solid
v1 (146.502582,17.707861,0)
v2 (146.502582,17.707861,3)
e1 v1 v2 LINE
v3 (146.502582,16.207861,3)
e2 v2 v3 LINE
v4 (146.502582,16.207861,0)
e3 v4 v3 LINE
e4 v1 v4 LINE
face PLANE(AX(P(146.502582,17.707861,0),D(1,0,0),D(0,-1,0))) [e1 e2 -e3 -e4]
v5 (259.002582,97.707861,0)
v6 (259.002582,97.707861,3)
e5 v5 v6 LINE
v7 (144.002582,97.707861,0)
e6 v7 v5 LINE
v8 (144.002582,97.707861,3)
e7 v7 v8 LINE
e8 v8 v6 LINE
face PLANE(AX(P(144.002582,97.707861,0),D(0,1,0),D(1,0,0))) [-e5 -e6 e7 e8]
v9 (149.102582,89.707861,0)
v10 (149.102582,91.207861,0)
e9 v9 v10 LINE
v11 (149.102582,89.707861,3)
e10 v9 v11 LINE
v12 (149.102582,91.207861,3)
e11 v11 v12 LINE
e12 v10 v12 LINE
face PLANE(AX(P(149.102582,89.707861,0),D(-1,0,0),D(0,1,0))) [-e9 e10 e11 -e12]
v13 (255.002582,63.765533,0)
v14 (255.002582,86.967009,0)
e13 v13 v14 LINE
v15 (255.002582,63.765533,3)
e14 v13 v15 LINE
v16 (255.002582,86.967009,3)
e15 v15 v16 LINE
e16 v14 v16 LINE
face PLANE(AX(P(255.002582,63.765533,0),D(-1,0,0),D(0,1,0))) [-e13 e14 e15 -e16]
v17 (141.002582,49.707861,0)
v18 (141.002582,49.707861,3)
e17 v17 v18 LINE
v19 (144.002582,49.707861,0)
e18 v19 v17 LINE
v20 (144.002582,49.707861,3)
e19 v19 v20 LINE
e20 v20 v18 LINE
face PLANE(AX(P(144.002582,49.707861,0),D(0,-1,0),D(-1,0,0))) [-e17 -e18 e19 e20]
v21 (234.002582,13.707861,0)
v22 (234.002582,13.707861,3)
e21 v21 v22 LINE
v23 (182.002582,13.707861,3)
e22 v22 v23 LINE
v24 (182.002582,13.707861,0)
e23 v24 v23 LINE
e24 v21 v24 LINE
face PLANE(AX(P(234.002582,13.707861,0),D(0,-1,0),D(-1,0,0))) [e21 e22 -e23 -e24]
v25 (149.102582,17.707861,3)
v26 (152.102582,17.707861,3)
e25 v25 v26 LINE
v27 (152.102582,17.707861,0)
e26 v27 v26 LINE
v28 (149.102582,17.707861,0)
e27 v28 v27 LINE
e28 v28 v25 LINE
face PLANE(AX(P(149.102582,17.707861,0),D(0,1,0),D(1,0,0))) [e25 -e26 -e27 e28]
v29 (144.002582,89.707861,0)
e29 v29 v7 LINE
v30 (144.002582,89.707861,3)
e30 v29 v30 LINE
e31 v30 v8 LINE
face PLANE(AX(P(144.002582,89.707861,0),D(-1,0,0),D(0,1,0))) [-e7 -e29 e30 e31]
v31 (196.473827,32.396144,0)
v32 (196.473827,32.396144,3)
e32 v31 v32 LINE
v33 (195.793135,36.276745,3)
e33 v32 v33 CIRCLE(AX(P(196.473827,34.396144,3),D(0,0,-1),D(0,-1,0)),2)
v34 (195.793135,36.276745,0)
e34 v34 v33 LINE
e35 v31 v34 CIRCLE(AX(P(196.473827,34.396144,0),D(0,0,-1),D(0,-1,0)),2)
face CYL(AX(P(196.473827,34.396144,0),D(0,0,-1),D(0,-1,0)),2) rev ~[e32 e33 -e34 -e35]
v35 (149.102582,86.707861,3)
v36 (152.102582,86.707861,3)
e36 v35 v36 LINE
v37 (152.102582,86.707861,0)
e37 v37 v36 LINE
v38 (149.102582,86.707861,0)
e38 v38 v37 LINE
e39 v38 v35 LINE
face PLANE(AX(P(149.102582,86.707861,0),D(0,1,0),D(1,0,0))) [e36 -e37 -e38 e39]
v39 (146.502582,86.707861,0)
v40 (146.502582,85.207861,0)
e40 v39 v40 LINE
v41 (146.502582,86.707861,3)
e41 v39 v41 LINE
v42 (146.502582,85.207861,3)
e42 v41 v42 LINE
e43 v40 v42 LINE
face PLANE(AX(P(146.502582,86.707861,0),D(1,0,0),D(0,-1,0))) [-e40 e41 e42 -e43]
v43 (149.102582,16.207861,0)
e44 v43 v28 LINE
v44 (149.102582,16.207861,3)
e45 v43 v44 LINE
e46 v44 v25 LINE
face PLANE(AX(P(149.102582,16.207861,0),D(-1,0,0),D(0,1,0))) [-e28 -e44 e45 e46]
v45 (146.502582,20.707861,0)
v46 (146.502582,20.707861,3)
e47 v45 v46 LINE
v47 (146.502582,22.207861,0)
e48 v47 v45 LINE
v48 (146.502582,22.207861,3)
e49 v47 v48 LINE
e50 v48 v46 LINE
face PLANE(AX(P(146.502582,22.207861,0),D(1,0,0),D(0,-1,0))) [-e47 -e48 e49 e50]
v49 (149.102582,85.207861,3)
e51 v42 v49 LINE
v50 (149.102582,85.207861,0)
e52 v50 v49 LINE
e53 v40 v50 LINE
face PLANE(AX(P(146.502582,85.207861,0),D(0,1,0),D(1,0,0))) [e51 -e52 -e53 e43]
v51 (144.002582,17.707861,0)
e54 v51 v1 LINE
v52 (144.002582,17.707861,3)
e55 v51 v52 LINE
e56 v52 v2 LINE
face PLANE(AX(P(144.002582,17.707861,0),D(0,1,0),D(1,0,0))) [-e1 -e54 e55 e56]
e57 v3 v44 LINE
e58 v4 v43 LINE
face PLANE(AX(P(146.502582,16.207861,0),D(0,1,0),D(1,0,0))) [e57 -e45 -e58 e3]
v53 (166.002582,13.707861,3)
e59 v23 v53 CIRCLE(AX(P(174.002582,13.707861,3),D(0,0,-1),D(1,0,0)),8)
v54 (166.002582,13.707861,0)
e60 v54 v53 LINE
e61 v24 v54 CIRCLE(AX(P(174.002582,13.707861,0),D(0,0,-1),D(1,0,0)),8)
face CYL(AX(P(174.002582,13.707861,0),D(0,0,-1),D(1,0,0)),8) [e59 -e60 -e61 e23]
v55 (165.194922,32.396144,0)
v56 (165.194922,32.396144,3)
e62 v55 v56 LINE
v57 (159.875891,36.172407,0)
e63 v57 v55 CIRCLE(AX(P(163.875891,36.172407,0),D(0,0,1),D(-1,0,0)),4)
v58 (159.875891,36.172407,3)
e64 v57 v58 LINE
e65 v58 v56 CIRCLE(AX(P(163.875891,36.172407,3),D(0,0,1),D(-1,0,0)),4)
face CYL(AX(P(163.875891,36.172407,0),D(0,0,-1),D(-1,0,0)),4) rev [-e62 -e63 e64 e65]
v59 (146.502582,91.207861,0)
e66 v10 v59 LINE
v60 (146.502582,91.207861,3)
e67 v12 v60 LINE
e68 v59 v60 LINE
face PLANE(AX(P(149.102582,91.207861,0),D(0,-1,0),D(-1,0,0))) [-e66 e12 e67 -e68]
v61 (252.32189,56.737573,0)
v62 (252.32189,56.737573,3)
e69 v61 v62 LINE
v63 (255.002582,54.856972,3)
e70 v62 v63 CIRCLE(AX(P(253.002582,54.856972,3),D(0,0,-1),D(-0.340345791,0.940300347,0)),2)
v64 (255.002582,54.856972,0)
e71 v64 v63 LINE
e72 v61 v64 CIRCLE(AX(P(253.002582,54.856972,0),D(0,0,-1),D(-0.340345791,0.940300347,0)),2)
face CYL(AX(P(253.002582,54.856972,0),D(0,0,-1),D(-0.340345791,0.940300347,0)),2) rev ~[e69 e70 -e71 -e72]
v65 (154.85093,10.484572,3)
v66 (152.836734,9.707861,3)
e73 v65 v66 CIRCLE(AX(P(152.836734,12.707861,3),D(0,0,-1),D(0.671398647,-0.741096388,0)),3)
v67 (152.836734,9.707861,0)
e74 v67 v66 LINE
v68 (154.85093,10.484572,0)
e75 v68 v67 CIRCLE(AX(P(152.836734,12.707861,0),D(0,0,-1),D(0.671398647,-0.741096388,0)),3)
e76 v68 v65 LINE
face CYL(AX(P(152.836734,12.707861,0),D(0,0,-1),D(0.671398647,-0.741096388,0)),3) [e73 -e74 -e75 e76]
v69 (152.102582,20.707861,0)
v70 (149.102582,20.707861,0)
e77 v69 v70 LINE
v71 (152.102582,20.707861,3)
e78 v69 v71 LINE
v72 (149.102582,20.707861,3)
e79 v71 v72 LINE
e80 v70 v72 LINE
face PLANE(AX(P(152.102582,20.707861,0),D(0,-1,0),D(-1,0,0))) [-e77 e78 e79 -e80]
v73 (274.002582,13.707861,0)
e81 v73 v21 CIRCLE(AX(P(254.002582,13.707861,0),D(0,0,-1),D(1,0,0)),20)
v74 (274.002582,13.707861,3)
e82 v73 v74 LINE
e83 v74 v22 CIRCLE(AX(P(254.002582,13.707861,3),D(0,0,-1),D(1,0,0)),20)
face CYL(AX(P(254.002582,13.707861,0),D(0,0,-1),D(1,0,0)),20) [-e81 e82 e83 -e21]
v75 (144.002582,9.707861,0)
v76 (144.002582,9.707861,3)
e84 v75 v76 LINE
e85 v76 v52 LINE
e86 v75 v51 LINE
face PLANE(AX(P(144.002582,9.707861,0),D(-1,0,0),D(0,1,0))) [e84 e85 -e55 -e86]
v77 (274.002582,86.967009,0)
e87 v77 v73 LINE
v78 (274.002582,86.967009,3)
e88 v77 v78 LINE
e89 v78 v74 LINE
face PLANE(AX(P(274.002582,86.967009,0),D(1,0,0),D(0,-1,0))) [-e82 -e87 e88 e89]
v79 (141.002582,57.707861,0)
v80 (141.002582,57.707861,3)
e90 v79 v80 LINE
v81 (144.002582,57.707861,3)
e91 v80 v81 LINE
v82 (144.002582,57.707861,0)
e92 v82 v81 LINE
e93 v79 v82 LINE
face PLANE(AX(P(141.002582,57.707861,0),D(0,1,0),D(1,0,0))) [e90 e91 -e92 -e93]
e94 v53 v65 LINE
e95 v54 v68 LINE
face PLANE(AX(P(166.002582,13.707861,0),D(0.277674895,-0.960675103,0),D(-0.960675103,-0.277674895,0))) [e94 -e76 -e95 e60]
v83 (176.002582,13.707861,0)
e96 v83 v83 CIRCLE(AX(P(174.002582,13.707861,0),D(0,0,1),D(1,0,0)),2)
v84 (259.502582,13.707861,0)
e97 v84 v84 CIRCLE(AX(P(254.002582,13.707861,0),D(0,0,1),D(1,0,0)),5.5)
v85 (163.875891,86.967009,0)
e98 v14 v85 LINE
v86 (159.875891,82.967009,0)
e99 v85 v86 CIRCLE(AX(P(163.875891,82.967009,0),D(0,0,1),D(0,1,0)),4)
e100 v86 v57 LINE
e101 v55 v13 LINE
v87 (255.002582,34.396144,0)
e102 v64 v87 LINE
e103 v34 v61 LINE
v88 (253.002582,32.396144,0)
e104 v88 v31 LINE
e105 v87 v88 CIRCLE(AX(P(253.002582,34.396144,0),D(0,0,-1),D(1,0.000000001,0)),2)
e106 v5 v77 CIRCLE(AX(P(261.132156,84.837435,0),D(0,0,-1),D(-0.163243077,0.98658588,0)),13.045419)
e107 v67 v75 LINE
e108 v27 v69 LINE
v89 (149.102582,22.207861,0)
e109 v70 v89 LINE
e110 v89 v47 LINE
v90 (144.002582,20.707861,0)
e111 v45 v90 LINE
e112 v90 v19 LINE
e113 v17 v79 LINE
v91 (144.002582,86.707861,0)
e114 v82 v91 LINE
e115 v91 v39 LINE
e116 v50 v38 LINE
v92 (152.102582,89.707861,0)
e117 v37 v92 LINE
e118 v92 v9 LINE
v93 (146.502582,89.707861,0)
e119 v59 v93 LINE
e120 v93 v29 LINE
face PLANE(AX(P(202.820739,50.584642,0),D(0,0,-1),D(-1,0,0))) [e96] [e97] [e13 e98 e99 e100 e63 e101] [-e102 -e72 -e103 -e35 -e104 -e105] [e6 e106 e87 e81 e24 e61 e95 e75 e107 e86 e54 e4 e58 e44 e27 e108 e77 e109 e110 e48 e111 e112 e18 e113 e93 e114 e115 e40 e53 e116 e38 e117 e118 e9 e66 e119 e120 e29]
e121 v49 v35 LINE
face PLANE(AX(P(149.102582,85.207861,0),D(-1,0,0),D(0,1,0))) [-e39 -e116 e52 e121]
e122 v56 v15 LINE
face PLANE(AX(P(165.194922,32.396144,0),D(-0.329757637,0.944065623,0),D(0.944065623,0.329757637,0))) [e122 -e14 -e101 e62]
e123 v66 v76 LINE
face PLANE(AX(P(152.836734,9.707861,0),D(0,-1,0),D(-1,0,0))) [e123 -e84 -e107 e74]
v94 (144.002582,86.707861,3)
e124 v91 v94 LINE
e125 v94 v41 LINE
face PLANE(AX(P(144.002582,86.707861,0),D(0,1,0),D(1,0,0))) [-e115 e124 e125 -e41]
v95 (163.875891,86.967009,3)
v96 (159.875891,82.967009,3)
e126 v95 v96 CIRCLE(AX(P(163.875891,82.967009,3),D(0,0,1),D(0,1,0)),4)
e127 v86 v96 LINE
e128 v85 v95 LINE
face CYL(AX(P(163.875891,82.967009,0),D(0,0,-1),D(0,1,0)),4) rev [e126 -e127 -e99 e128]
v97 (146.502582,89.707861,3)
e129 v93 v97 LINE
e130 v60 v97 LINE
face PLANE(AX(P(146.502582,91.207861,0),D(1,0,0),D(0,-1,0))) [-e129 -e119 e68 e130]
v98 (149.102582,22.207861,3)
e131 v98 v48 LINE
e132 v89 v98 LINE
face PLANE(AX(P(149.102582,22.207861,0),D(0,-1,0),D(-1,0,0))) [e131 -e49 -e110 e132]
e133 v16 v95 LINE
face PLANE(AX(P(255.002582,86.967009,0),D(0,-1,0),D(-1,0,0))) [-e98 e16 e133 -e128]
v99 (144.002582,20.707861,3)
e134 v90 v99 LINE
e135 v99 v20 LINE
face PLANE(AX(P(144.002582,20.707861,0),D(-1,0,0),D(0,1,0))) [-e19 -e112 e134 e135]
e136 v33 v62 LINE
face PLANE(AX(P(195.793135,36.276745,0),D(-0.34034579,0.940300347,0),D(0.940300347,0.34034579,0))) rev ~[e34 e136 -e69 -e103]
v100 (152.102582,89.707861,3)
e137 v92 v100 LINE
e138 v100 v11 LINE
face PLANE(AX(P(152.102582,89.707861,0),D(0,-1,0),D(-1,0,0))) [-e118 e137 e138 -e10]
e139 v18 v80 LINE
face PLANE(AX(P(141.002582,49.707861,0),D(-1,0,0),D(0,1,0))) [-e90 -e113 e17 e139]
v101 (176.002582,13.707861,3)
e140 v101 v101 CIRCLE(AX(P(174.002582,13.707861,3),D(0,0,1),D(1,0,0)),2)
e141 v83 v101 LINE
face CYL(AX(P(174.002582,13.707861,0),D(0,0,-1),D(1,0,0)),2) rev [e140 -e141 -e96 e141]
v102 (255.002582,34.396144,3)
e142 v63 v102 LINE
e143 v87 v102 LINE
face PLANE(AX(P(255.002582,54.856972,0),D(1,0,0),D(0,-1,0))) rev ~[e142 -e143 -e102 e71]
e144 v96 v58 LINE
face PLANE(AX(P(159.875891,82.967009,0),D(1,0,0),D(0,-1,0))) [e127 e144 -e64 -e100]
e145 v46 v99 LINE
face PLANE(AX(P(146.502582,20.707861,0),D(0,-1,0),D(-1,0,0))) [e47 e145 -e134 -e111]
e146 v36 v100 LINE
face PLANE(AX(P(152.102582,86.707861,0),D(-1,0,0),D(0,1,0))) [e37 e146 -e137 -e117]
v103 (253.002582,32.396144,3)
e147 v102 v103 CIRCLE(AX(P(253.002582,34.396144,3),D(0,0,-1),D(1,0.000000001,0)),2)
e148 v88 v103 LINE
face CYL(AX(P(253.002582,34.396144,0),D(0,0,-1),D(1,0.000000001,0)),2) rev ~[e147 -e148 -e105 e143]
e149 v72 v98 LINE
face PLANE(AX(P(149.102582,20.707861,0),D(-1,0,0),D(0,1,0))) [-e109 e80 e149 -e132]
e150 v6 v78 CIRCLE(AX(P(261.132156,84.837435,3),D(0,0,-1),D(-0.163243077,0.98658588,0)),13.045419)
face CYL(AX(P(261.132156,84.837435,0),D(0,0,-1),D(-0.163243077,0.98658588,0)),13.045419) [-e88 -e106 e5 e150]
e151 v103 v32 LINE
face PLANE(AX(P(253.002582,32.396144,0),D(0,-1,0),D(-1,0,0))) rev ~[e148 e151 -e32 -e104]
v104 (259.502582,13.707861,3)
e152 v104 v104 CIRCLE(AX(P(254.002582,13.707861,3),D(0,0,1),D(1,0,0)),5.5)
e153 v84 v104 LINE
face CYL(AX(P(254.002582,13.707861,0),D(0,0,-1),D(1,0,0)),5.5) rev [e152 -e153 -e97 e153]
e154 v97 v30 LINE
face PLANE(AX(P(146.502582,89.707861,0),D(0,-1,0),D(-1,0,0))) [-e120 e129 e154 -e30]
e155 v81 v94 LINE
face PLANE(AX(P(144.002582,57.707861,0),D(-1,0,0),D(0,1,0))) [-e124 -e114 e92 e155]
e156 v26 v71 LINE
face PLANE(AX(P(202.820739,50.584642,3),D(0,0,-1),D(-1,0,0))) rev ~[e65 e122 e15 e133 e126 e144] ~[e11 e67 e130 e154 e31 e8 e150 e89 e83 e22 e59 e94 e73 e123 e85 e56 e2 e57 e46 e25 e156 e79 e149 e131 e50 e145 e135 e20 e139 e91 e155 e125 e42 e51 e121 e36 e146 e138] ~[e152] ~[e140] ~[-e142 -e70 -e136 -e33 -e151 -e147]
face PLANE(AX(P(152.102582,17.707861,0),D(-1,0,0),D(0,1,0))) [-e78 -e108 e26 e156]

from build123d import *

# Parameters (mm, degrees)
SKETCH_1_R      = 2
SKETCH_1_R_2    = 5.5
EXTRUDE_1_DEPTH = 3


with BuildPart() as part:
    # 草图1 → 凸台-拉伸1 (new body)
    with BuildSketch(Plane.XY):
        with BuildLine():
            Line((234.002581869, 13.707860978), (182.002581869, 13.707860978))
            ThreePointArc((182.002581869, 13.707860978), (174.002581869, 5.707860978), (166.002581869, 13.707860978))
            Line((166.002581869, 13.707860978), (154.850930387, 10.484571811))
            ThreePointArc((154.850930387, 10.484571811), (153.916116795, 9.908765811), (152.836734449, 9.707860978))
            Line((152.836734449, 9.707860978), (144.002581869, 9.707860978))
            Line((144.002581869, 9.707860978), (144.002581869, 17.707860978))
            Line((144.002581869, 17.707860978), (146.502581869, 17.707860978))
            Line((146.502581869, 17.707860978), (146.502581869, 16.207860978))
            Line((146.502581869, 16.207860978), (149.102581869, 16.207860978))
            Line((149.102581869, 16.207860978), (149.102581869, 17.707860978))
            Line((149.102581869, 17.707860978), (152.102581869, 17.707860978))
            Line((152.102581869, 17.707860978), (152.102581869, 20.707860978))
            Line((152.102581869, 20.707860978), (149.102581869, 20.707860978))
            Line((149.102581869, 20.707860978), (149.102581869, 22.207860978))
            Line((149.102581869, 22.207860978), (146.502581869, 22.207860978))
            Line((146.502581869, 22.207860978), (146.502581869, 20.707860978))
            Line((146.502581869, 20.707860978), (144.002581869, 20.707860978))
            Line((144.002581869, 20.707860978), (144.002581869, 49.707860978))
            Line((144.002581869, 49.707860978), (141.002581869, 49.707860978))
            Line((141.002581869, 49.707860978), (141.002581869, 57.707860978))
            Line((141.002581869, 57.707860978), (144.002581869, 57.707860978))
            Line((144.002581869, 57.707860978), (144.002581869, 86.707860978))
            Line((144.002581869, 86.707860978), (146.502581869, 86.707860978))
            Line((146.502581869, 86.707860978), (146.502581869, 85.207860978))
            Line((146.502581869, 85.207860978), (149.102581869, 85.207860978))
            Line((149.102581869, 85.207860978), (149.102581869, 86.707860978))
            Line((149.102581869, 86.707860978), (152.102581869, 86.707860978))
            Line((152.102581869, 86.707860978), (152.102581869, 89.707860978))
            Line((152.102581869, 89.707860978), (149.102581869, 89.707860978))
            Line((149.102581869, 89.707860978), (149.102581869, 91.207860978))
            Line((149.102581869, 91.207860978), (146.502581869, 91.207860978))
            Line((146.502581869, 91.207860978), (146.502581869, 89.707860978))
            Line((146.502581869, 89.707860978), (144.002581869, 89.707860978))
            Line((144.002581869, 89.707860978), (144.002581869, 97.707860978))
            Line((144.002581869, 97.707860978), (154.002581869, 97.707860978))
            Line((154.002581869, 97.707860978), (259.002581869, 97.707860978))
            ThreePointArc((259.002581869, 97.707860978), (268.727085047, 95.444036955), (274.002581869, 86.967009497))
            Line((274.002581869, 86.967009497), (274.002581869, 13.707860978))
            ThreePointArc((274.002581869, 13.707860978), (254.002581869, -6.292139022), (234.002581869, 13.707860978))
        make_face()
        with Locations((174.002581869, 13.707860978)):
            Circle(SKETCH_1_R, mode=Mode.SUBTRACT)
        with Locations((254.002581869, 13.707860978)):
            Circle(SKETCH_1_R_2, mode=Mode.SUBTRACT)
        with BuildLine():
            Line((165.194921817, 32.396144085), (255.002581869, 63.765533121))
            Line((255.002581869, 63.765533121), (255.002581869, 86.967009497))
            Line((255.002581869, 86.967009497), (163.875891268, 86.967009497))
            ThreePointArc((163.875891268, 86.967009497), (161.047464143, 85.795436622), (159.875891268, 82.967009497))
            Line((159.875891268, 82.967009497), (159.875891268, 36.172406577))
            ThreePointArc((159.875891268, 36.172406577), (161.560305186, 32.910802508), (165.194921817, 32.396144085))
        make_face(mode=Mode.SUBTRACT)
        with BuildLine():
            Line((195.793134982, 36.276744779), (252.321890288, 56.737573029))
            ThreePointArc((252.321890288, 56.737573029), (254.151193387, 56.494254101), (255.002581869, 54.856972335))
            Line((255.002581869, 54.856972335), (255.002581869, 34.396144085))
            ThreePointArc((255.002581869, 34.396144085), (254.416795432, 32.981930522), (253.002581869, 32.396144085))
            Line((253.002581869, 32.396144085), (196.473826563, 32.396144085))
            ThreePointArc((196.473826563, 32.396144085), (194.50390253, 34.050602038), (195.793134982, 36.276744779))
        make_face(mode=Mode.SUBTRACT)
    extrude(amount=EXTRUDE_1_DEPTH)


solid = part.part
